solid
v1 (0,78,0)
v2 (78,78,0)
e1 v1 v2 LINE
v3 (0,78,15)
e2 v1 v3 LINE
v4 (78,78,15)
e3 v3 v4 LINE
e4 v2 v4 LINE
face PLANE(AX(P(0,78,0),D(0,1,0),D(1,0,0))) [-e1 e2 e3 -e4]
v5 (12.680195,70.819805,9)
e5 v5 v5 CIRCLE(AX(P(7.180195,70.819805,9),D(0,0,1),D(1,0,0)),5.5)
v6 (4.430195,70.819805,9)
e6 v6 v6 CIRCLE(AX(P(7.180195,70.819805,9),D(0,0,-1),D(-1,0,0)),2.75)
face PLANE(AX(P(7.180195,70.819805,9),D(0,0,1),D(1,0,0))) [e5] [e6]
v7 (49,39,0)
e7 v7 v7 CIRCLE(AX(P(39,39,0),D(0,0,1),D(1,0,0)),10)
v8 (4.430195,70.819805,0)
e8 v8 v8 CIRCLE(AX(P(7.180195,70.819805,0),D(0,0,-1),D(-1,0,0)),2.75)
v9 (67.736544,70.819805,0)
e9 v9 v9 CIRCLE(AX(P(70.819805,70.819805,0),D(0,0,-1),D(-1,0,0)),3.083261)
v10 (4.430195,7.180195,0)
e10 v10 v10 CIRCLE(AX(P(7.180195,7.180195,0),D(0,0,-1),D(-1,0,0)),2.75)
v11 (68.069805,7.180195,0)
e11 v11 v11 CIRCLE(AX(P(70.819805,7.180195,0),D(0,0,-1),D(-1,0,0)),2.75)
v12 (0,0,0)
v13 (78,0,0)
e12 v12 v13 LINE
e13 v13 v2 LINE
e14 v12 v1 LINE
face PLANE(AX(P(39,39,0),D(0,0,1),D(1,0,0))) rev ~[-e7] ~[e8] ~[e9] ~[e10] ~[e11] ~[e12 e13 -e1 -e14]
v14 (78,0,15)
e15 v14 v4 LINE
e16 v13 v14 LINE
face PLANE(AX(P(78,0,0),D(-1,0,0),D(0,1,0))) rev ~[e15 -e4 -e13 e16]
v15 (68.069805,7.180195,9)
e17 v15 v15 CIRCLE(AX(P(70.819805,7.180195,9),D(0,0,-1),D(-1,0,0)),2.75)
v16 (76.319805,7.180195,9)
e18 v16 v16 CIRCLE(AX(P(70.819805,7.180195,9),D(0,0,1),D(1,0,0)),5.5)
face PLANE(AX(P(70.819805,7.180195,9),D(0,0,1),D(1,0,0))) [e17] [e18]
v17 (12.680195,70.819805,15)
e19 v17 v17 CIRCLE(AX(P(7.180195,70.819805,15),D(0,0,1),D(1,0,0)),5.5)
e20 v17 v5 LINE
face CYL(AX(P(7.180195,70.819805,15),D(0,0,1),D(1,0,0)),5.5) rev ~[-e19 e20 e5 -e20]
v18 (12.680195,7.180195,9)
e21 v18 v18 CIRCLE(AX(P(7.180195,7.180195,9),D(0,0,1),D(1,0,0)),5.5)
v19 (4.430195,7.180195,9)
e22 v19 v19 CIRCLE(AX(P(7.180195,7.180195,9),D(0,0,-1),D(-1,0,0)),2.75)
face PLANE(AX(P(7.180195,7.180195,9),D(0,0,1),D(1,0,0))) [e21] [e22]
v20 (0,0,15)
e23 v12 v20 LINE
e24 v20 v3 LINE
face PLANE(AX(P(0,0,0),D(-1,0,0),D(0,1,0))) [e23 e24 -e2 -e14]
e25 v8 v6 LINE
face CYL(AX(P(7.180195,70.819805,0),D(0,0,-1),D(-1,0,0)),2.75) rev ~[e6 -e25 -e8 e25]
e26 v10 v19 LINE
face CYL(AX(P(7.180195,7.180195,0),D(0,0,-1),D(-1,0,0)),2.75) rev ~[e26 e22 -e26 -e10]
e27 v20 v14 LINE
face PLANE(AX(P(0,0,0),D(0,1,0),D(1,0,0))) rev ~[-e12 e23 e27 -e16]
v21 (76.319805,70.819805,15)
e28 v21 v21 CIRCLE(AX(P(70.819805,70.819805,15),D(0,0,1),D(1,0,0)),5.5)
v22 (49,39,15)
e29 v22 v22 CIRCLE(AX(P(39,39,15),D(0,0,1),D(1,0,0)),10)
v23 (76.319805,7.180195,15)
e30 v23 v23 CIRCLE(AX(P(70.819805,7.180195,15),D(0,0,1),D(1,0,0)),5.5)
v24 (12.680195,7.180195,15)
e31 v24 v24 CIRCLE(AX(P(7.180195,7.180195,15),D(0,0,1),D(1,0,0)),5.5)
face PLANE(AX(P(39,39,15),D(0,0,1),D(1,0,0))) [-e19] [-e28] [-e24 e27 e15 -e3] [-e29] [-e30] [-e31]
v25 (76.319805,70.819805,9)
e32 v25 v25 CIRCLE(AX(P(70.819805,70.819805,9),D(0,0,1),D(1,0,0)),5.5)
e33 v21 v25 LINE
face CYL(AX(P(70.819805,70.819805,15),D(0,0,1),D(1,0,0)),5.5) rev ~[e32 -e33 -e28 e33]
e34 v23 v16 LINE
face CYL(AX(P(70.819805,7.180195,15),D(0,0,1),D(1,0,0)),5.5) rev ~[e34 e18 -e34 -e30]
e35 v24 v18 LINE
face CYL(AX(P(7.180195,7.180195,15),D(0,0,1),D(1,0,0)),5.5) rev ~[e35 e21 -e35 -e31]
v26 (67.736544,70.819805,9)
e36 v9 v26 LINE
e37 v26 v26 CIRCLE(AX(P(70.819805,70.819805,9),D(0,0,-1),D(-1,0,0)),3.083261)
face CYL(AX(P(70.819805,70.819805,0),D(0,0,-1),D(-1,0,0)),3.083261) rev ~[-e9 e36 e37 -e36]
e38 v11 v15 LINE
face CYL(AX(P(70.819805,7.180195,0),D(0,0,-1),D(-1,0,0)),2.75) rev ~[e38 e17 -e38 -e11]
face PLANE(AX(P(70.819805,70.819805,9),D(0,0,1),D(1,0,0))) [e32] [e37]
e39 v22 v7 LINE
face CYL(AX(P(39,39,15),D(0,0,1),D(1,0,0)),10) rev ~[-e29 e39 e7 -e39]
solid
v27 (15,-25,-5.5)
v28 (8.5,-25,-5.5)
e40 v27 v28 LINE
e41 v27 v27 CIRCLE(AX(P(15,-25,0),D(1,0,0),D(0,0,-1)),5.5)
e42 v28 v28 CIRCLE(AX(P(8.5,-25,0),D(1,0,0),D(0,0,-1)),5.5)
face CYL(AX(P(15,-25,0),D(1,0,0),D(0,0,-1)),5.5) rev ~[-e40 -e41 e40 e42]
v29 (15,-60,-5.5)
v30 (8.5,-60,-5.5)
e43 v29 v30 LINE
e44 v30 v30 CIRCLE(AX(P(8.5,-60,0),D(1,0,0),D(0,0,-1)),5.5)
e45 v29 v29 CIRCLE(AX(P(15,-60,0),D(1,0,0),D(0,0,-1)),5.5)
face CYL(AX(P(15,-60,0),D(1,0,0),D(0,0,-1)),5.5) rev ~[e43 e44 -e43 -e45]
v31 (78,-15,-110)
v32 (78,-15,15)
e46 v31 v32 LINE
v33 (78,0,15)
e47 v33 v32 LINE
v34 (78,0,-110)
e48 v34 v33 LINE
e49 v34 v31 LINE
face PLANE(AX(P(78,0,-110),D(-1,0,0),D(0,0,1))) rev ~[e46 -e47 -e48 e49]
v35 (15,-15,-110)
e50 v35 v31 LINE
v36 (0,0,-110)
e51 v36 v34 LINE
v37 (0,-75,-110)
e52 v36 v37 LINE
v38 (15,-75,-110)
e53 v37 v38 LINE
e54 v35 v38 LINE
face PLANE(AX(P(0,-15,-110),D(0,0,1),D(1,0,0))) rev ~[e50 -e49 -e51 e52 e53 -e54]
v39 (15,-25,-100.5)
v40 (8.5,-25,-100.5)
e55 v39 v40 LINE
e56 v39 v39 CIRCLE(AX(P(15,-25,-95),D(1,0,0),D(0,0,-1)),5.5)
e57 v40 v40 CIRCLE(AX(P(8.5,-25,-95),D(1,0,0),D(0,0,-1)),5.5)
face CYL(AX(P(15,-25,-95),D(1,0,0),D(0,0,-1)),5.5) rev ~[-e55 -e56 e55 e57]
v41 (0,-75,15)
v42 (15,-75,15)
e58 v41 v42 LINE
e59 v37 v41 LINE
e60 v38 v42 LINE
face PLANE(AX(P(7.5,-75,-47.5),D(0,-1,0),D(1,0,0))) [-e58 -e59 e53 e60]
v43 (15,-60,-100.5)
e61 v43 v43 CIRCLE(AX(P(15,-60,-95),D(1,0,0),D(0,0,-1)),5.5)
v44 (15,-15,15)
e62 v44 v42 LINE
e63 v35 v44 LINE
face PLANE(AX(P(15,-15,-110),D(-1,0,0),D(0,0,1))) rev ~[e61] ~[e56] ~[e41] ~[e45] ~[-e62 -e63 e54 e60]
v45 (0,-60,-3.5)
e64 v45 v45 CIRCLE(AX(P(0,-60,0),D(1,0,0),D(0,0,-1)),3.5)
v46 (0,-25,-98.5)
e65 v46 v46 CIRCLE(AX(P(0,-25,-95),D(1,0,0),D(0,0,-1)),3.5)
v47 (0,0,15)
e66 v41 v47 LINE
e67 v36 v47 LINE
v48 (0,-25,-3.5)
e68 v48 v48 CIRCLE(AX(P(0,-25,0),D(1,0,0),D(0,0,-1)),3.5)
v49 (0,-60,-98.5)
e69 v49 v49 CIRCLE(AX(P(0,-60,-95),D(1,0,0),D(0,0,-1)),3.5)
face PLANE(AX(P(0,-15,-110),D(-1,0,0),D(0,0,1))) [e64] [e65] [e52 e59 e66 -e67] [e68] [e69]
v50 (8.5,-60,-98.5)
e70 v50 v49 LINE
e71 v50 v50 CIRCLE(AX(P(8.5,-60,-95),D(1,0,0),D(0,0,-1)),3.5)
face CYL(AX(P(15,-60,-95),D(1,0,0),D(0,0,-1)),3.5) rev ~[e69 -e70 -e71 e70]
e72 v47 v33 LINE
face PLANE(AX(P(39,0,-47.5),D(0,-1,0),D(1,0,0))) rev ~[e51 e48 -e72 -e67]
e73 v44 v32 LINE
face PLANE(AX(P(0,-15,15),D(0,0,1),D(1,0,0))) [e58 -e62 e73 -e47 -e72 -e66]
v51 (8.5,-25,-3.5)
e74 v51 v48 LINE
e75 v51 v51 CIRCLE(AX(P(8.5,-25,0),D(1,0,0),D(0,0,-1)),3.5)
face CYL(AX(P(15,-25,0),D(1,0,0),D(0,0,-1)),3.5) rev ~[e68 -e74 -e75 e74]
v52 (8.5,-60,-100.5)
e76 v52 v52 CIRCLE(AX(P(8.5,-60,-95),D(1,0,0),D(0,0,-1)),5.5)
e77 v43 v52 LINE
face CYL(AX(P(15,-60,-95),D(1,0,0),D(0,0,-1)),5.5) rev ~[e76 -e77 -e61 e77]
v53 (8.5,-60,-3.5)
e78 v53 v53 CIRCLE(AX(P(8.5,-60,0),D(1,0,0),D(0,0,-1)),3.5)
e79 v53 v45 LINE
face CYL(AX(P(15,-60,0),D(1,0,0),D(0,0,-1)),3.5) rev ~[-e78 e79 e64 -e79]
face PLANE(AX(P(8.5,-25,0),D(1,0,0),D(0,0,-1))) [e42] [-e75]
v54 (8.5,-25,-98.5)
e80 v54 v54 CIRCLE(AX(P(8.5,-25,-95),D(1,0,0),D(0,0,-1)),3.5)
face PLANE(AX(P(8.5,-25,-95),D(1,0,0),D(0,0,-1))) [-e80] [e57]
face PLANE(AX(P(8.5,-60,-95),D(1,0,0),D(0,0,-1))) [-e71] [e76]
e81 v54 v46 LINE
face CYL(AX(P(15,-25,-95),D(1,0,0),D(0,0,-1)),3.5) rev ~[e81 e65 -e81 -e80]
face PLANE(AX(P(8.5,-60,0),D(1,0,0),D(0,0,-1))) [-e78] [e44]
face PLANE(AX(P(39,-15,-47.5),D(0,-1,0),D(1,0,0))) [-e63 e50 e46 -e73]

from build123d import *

# Parameters (mm, degrees)
SKETCH_1_W          = 78
SKETCH_1_H          = 78
EXTRUDE_1_DEPTH     = 15
SKETCH_2_W          = 78
SKETCH_2_H          = 125
EXTRUDE_2_DEPTH     = 15
SKETCH_3_W          = 15
SKETCH_3_H          = 125
EXTRUDE_3_DEPTH     = 60
SKETCH_4_R          = 3.083261121
SKETCH_4_R_2        = 2.75
CUT_EXTRUDE_1_DEPTH = 156.78189882
SKETCH_5_R          = 10
CUT_EXTRUDE_2_DEPTH = 60
SKETCH_6_R          = 5.5
CUT_EXTRUDE_3_DEPTH = 6
SKETCH_7_R          = 3.5
CUT_EXTRUDE_4_DEPTH = 149.838839017
SKETCH_8_R          = 5.5
CUT_EXTRUDE_5_DEPTH = 6.5


with BuildPart() as part:
    # 草图1 → 凸台-拉伸1 (new body)
    with BuildSketch(Plane.XY):
        with Locations((39, 39)):
            Rectangle(SKETCH_1_W, SKETCH_1_H)
    extrude(amount=EXTRUDE_1_DEPTH)

    # 草图4 → 切除-拉伸1 (cut, through all)
    with BuildSketch(Plane(origin=(0, 0, 0), x_dir=(-1, 0, 0), z_dir=(0, 0, -1))):
        with Locations((-70.819805153, 70.819805153)):
            Circle(SKETCH_4_R)
        with Locations((-70.819805153, 7.180194847)):
            Circle(SKETCH_4_R_2)
        with Locations((-7.180194847, 70.819805153)):
            Circle(SKETCH_4_R_2)
        with Locations((-7.180194847, 7.180194847)):
            Circle(SKETCH_4_R_2)
    extrude(amount=-CUT_EXTRUDE_1_DEPTH, mode=Mode.SUBTRACT)

    # 草图5 → 切除-拉伸2 (cut)
    with BuildSketch(Plane.XY.offset(15)):
        with Locations((39, 39)):
            Circle(SKETCH_5_R)
    extrude(amount=-CUT_EXTRUDE_2_DEPTH, mode=Mode.SUBTRACT)

    # 草图6 → 切除-拉伸3 (cut)
    with BuildSketch(Plane.XY.offset(15)):
        with Locations((7.180194847, 70.819805153)):
            Circle(SKETCH_6_R)
        with Locations((7.180194847, 7.180194847)):
            Circle(SKETCH_6_R)
        with Locations((70.819805153, 7.180194847)):
            Circle(SKETCH_6_R)
        with Locations((70.819805153, 70.819805153)):
            Circle(SKETCH_6_R)
    extrude(amount=-CUT_EXTRUDE_3_DEPTH, mode=Mode.SUBTRACT)


with BuildPart() as body_2:
    # 草图2 → 凸台-拉伸2 (new body)
    with BuildSketch(Plane.XZ):
        with Locations((39, -47.5)):
            Rectangle(SKETCH_2_W, SKETCH_2_H)
    extrude(amount=EXTRUDE_2_DEPTH)

    # 草图3 → 凸台-拉伸3 (add)
    with BuildSketch(Plane.XZ.offset(15)):
        with Locations((7.5, -47.5)):
            Rectangle(SKETCH_3_W, SKETCH_3_H)
    extrude(amount=EXTRUDE_3_DEPTH)

    # 草图7 → 切除-拉伸4 (cut, through all)
    with BuildSketch(Plane(origin=(15, 0, 0), x_dir=(0, 0, -1), z_dir=(1, 0, 0))):
        with Locations((0, -25)):
            Circle(SKETCH_7_R)
        with Locations((95, -25)):
            Circle(SKETCH_7_R)
        with Locations((0, -60)):
            Circle(SKETCH_7_R)
        with Locations((95, -60)):
            Circle(SKETCH_7_R)
    extrude(amount=-CUT_EXTRUDE_4_DEPTH, mode=Mode.SUBTRACT)

    # 草图8 → 切除-拉伸5 (cut)
    with BuildSketch(Plane(origin=(15, 0, 0), x_dir=(0, 0, -1), z_dir=(1, 0, 0))):
        with Locations((0, -25)):
            Circle(SKETCH_8_R)
        with Locations((0, -60)):
            Circle(SKETCH_8_R)
        with Locations((95, -60)):
            Circle(SKETCH_8_R)
        with Locations((95, -25)):
            Circle(SKETCH_8_R)
    extrude(amount=-CUT_EXTRUDE_5_DEPTH, mode=Mode.SUBTRACT)


solid = Compound([part.part, body_2.part])
